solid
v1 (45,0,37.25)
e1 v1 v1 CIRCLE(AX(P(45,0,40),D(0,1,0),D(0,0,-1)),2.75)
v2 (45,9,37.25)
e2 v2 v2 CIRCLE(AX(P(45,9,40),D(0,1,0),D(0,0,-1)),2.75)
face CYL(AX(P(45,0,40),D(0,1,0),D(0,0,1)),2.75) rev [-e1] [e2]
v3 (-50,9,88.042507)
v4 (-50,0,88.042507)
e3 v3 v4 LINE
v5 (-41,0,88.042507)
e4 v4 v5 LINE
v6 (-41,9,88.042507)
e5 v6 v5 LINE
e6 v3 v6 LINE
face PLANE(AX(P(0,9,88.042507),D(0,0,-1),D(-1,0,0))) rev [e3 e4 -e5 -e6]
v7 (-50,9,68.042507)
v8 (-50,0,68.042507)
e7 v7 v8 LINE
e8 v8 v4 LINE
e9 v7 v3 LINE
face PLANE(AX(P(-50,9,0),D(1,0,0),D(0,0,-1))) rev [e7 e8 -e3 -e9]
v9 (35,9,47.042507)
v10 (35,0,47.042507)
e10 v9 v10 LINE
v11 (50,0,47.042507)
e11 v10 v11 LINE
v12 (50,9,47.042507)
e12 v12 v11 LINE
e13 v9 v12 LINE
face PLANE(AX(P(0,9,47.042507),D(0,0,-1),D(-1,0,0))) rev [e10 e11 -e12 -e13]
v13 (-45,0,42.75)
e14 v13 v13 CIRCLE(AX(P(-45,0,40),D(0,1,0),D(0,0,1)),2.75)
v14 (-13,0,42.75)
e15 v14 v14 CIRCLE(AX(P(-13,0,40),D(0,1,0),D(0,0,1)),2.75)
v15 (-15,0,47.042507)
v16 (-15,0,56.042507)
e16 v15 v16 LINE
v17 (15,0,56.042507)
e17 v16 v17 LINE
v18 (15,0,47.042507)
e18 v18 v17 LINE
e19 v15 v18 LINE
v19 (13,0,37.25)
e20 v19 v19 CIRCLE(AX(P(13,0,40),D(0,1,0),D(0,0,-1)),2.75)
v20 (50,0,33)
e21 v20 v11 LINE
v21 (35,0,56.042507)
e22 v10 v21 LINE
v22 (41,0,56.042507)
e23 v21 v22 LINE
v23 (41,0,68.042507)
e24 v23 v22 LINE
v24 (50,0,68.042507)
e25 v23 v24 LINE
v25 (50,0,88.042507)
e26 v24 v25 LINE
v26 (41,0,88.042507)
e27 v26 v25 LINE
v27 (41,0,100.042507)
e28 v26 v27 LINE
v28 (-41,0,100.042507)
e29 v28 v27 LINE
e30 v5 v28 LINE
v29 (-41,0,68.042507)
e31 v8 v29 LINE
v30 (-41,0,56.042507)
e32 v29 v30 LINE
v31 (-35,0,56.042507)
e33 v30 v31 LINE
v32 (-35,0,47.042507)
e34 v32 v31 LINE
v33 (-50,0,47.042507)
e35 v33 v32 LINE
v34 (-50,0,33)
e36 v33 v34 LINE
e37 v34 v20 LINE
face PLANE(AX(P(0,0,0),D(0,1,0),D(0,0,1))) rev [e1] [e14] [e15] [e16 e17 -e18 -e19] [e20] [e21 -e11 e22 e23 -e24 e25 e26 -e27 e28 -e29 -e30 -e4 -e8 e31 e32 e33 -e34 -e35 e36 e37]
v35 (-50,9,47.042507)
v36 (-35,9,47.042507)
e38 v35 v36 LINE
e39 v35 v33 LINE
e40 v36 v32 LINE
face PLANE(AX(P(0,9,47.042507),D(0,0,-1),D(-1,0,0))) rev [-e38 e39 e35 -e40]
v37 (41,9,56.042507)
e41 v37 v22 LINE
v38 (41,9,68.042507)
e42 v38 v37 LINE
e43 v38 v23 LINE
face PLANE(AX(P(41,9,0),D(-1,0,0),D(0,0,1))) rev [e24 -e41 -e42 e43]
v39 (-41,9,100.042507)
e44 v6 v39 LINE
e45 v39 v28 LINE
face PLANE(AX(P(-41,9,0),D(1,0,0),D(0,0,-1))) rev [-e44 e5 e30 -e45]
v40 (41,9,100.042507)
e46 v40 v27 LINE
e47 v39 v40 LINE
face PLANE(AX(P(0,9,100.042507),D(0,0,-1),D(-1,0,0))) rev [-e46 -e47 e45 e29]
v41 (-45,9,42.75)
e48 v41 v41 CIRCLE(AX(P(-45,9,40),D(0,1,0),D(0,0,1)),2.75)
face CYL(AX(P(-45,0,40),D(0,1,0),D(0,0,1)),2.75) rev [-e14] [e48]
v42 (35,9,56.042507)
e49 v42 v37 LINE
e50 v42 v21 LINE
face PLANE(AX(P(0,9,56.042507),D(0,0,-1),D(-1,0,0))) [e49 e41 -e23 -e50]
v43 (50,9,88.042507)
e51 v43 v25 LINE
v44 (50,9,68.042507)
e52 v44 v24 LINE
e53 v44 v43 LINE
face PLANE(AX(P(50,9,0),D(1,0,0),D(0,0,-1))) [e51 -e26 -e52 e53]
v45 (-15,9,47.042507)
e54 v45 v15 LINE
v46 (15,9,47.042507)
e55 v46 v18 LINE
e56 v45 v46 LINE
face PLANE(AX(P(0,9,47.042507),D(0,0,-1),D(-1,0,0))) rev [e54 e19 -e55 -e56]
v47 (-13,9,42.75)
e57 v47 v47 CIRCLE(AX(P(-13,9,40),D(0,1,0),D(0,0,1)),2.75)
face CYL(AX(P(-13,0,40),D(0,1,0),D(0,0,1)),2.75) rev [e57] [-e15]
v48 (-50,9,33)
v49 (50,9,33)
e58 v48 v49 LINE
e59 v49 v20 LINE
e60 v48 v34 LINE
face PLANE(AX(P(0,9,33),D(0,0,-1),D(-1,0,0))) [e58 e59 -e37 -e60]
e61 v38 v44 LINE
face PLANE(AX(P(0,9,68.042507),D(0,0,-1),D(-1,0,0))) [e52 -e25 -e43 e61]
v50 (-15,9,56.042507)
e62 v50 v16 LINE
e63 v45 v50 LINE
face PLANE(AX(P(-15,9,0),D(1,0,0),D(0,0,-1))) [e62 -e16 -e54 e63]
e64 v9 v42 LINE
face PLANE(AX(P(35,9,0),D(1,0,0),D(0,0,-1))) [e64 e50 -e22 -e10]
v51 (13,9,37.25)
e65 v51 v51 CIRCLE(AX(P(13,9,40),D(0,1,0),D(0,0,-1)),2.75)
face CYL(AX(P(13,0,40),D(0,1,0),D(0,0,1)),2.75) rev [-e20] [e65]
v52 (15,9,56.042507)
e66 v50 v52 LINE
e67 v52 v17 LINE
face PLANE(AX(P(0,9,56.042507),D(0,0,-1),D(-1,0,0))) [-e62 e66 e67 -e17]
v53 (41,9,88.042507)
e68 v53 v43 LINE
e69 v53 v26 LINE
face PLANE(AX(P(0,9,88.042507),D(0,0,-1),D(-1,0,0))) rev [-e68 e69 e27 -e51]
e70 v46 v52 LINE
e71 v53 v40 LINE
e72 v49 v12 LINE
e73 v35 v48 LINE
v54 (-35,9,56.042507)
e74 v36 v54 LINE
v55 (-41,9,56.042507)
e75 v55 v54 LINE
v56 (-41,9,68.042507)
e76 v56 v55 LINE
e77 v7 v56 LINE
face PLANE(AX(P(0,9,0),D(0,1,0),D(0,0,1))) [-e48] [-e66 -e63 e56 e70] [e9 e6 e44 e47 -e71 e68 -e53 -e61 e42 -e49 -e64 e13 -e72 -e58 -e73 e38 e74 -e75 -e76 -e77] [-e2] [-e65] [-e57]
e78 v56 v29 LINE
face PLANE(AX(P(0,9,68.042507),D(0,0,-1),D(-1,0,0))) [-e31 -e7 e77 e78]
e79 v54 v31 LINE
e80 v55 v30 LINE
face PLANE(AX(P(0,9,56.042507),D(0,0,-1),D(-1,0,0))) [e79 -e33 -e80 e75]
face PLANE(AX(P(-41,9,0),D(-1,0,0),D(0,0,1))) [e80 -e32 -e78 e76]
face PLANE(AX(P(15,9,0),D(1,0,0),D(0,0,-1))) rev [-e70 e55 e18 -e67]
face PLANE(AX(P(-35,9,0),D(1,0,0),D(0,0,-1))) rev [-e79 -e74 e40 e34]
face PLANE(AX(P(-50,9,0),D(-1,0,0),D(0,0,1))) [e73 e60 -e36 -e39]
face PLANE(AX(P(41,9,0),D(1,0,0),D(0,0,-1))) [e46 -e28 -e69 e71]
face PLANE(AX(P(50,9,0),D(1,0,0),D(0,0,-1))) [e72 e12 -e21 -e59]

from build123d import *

# Parameters (mm, degrees)
SKETCH1_W           = 30
SKETCH1_H           = 9
BOSS_EXTRUDE1_DEPTH = 9
SKETCH3_R           = 2.75
CUT_EXTRUDE1_DEPTH  = 113.202955527


with BuildPart() as part:
    # Sketch1 → Boss-Extrude1 (new body)
    with BuildSketch(Plane(origin=(0, 0, 0), x_dir=(1, 0, 0), z_dir=(0, 1, 0))):
        Polygon((50, -88.042507111), (50, -68.042507111), (41, -68.042507111), (41, -56.042507111), (35, -56.042507111), (35, -47.042507111), (50, -47.042507111), (50, -33), (-50, -33), (-50, -47.042507111), (-35, -47.042507111), (-35, -56.042507111), (-41, -56.042507111), (-41, -68.042507111), (-50, -68.042507111), (-50, -88.042507111), (-41, -88.042507111), (-41, -100.042507111), (41, -100.042507111), (41, -88.042507111), align=None)
        with Locations((0, -51.542507111)):
            Rectangle(SKETCH1_W, SKETCH1_H, mode=Mode.SUBTRACT)
    extrude(amount=BOSS_EXTRUDE1_DEPTH)

    # Sketch3 → Cut-Extrude1 (cut, through all)
    with BuildSketch(Plane(origin=(0, 9, 0), x_dir=(1, 0, 0), z_dir=(0, 1, 0))):
        with Locations(Location((-45, -40, 0), (0, 0, 270))):
            Circle(SKETCH3_R)
        with Locations(Location((-13, -40, 0), (0, 0, 270))):
            Circle(SKETCH3_R)
        with Locations(Location((13, -40, 0), (0, 0, 90))):
            Circle(SKETCH3_R)
        with Locations(Location((45, -40, 0), (0, 0, 90))):
            Circle(SKETCH3_R)
    extrude(amount=-CUT_EXTRUDE1_DEPTH, mode=Mode.SUBTRACT)


solid = part.part
